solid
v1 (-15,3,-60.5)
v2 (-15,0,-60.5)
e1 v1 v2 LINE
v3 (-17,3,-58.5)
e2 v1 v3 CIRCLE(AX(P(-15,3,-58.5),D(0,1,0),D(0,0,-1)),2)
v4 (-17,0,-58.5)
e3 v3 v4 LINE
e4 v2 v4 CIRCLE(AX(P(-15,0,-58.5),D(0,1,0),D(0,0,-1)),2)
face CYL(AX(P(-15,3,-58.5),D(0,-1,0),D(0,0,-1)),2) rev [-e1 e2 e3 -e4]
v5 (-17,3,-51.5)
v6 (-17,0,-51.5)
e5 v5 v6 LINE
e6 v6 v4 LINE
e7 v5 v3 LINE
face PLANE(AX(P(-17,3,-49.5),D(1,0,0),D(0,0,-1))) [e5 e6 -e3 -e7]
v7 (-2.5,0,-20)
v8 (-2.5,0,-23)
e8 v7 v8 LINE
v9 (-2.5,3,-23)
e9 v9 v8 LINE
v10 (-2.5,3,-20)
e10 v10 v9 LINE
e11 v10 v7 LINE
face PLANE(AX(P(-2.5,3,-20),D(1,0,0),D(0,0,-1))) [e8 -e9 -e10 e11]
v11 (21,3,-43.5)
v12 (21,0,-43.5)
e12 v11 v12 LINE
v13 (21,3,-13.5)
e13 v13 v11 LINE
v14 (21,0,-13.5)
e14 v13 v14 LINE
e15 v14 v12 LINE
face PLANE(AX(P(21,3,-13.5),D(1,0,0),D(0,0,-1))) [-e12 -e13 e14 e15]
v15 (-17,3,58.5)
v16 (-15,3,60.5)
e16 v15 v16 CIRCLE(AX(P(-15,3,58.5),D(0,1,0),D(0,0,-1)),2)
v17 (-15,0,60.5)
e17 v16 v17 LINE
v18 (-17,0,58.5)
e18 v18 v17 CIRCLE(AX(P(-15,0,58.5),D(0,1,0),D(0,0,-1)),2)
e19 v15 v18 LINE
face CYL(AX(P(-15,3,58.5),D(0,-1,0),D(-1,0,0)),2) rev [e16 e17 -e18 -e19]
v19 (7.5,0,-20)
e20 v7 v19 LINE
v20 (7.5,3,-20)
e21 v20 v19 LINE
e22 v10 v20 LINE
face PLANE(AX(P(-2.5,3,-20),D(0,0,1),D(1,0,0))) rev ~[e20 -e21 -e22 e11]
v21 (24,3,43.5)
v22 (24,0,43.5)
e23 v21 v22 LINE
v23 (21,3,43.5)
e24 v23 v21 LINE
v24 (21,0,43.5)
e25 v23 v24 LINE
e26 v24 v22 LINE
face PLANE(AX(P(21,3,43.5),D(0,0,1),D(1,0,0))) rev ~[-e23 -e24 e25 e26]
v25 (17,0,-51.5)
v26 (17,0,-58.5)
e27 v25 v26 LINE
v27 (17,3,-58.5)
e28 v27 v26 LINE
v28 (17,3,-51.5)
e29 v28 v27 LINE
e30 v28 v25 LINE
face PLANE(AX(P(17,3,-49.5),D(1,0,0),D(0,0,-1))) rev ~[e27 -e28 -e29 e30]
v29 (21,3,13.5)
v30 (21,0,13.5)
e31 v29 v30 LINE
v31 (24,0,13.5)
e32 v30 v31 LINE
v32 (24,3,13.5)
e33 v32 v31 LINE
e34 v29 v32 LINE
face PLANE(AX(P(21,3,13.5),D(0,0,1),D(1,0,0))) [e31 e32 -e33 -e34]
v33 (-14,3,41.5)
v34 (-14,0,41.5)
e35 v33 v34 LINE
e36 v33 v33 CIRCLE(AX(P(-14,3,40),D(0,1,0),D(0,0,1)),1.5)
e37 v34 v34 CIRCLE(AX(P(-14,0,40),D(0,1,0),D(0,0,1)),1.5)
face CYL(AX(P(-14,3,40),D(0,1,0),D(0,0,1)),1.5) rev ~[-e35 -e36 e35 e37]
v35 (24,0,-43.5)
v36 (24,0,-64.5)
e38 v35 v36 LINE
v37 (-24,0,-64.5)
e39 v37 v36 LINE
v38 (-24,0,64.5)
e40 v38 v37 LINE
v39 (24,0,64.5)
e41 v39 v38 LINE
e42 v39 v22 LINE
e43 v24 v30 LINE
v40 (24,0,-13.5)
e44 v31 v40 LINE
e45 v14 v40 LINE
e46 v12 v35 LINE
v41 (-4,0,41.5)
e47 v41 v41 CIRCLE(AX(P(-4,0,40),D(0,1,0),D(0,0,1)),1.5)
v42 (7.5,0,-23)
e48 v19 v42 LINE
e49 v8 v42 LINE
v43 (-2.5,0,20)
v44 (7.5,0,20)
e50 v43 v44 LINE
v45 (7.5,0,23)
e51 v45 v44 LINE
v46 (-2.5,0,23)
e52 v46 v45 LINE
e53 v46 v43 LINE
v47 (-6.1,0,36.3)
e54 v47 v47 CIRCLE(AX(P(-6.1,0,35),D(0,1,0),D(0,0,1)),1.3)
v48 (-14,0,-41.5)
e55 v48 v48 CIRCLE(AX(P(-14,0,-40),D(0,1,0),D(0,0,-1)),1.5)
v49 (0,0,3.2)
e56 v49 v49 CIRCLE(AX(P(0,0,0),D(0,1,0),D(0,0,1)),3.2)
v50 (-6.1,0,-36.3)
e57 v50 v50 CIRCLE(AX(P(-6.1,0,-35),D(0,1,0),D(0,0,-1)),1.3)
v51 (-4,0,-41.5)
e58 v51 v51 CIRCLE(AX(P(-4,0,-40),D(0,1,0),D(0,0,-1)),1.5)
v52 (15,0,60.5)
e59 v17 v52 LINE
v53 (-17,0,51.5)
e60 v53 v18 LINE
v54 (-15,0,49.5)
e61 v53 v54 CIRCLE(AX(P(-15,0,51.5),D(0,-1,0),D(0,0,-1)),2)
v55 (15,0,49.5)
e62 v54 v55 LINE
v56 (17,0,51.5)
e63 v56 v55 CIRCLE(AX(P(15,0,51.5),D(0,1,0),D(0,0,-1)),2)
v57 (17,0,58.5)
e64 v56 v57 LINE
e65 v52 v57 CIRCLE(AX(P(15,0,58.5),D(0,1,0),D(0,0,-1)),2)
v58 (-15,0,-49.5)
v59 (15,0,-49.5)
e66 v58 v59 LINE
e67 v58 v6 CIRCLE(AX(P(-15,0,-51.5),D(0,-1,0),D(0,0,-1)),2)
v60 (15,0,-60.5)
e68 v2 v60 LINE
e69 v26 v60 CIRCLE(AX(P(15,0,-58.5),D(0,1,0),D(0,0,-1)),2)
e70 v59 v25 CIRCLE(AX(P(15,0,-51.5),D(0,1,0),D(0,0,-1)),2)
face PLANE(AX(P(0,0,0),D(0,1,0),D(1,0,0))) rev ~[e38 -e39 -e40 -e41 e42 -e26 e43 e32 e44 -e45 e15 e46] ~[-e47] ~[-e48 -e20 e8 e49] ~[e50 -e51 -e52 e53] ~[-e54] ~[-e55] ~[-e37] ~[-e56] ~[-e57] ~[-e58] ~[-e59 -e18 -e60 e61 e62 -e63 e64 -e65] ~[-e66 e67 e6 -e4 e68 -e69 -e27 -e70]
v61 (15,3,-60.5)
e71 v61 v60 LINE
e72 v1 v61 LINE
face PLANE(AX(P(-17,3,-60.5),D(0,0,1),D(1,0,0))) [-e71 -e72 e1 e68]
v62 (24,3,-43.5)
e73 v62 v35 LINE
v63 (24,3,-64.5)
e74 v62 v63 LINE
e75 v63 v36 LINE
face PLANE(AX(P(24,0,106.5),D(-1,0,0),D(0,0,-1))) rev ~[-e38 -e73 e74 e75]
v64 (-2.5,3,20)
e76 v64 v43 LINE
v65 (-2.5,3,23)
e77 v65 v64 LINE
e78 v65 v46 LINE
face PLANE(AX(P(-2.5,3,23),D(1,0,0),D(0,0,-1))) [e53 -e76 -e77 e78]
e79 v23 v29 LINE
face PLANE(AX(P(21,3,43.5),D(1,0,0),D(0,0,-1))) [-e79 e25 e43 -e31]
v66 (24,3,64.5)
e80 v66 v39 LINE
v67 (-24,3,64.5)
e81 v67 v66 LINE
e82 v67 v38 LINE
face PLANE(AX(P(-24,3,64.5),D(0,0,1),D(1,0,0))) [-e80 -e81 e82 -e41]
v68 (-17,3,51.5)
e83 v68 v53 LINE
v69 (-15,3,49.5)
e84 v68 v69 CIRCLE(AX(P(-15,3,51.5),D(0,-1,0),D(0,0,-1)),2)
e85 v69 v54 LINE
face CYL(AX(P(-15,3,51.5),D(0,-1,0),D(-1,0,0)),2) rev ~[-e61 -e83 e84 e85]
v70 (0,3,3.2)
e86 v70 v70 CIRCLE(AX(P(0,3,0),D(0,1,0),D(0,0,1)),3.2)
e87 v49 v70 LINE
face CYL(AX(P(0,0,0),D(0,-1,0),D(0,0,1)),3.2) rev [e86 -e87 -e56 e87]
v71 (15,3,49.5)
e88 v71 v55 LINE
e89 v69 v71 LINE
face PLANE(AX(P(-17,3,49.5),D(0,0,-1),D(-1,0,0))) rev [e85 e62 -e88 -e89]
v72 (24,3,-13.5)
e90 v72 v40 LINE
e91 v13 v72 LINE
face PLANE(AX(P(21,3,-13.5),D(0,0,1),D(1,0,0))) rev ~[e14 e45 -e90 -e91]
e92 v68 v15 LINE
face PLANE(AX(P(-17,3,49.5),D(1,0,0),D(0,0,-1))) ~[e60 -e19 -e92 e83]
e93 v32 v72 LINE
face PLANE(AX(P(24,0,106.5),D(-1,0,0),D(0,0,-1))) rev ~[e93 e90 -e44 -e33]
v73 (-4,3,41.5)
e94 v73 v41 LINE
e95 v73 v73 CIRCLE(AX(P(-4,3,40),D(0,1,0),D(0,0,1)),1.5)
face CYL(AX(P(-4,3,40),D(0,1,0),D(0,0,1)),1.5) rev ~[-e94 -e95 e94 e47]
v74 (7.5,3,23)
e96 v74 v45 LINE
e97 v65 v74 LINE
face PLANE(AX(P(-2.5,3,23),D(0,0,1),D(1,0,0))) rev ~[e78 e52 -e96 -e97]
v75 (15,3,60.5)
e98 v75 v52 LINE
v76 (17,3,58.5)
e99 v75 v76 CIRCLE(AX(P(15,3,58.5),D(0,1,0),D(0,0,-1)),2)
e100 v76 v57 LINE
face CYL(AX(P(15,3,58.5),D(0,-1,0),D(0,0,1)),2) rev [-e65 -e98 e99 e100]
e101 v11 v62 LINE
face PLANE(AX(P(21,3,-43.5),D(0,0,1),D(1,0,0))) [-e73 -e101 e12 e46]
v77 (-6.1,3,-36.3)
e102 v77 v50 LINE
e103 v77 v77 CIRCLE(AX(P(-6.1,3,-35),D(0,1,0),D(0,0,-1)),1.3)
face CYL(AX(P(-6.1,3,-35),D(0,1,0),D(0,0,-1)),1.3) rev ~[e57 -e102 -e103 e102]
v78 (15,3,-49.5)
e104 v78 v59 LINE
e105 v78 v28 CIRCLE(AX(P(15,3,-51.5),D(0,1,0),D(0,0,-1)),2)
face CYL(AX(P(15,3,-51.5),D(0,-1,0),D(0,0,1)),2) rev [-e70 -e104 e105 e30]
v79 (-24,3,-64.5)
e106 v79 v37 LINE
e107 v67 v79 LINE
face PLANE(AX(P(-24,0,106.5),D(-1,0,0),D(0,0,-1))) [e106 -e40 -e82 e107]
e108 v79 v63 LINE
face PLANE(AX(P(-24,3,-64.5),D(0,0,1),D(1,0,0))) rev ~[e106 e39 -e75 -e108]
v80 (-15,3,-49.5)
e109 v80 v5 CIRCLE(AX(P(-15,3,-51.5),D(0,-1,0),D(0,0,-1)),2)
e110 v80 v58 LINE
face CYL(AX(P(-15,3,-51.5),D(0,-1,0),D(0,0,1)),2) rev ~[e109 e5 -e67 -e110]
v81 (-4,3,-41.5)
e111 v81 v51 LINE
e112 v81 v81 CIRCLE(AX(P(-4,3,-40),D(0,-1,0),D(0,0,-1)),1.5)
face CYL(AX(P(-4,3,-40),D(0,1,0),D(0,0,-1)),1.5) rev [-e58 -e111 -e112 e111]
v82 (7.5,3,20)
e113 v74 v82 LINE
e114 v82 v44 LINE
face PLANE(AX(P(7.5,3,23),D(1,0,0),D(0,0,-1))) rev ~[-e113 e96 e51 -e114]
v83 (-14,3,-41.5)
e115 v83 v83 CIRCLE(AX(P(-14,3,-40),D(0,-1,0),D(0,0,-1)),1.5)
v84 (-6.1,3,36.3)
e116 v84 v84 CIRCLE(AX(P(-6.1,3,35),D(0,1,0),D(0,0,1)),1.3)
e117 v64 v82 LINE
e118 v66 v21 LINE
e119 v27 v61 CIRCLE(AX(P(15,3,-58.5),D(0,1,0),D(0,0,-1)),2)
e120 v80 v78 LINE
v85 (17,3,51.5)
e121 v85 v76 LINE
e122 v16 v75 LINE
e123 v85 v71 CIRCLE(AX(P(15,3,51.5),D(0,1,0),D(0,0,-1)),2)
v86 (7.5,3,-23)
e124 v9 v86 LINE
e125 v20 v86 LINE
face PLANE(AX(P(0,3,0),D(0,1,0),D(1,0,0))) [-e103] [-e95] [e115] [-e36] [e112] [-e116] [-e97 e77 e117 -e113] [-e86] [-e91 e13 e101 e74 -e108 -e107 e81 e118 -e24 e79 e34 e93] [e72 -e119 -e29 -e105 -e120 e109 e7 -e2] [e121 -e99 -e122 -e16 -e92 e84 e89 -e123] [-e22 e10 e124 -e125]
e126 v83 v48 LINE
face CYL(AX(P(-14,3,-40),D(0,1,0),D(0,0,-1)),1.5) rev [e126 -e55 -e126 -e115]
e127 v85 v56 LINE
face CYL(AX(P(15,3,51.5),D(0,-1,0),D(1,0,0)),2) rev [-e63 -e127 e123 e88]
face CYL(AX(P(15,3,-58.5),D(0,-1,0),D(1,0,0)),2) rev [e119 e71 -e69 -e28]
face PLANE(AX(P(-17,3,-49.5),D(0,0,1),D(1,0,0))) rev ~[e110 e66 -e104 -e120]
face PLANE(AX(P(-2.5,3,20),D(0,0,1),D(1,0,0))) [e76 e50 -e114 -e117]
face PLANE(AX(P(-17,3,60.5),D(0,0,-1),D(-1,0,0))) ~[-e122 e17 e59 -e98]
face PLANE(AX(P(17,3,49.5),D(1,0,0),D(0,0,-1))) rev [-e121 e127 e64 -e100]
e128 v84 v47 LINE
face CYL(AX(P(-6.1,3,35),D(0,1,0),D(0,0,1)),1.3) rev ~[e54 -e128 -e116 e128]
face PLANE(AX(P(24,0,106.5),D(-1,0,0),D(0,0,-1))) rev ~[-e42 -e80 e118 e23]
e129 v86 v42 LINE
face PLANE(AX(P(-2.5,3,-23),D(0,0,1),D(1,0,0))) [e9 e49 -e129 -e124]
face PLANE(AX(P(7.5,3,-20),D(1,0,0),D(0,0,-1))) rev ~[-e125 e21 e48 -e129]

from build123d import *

# Parameters (mm, degrees)
SKETCH1_W            = 48
SKETCH1_H            = 213
SKETCH1_R            = 3.2
BOSS_EXTRUDE1_DEPTH  = 3
SKETCH2_W            = 3
SKETCH2_H            = 21
SKETCH2_H_2          = 30
CUT_EXTRUDE1_DEPTH   = 110.211949896
SKETCH3_W            = 10
SKETCH3_H            = 3
CUT_EXTRUDE2_DEPTH   = 110.211949896
SKETCH4_R            = 1.3
CUT_EXTRUDE3_DEPTH   = 110.211949896
SKETCH5_W            = 48
SKETCH5_H            = 42
CUT_EXTRUDE4_DEPTH   = 110.211949896
SKETCH6_W            = 34
SKETCH6_H            = 11
CUT_EXTRUDE5_DEPTH   = 69.885775019
FILLET1_R            = 2
FILLET1_OF_MIRROR1_R = 2
SKETCH7_R            = 1.5
CUT_EXTRUDE6_DEPTH   = 69.885775019


with BuildPart() as part:
    # Sketch1 → Boss-Extrude1 (new body)
    with BuildSketch(Plane(origin=(0, 0, 0), x_dir=(1, 0, 0), z_dir=(0, 1, 0))):
        Rectangle(SKETCH1_W, SKETCH1_H)
        with Locations(Location((0, 0, 0), (0, 0, 270))):
            Circle(SKETCH1_R, mode=Mode.SUBTRACT)
    extrude(amount=BOSS_EXTRUDE1_DEPTH)

    # Sketch2 → Cut-Extrude1 (cut, through all)
    with BuildSketch(Plane(origin=(0, 3, 0), x_dir=(1, 0, 0), z_dir=(0, 1, 0))):
        with Locations((22.5, 75)):
            Rectangle(SKETCH2_W, SKETCH2_H)
        with Locations((22.5, 28.5)):
            Rectangle(SKETCH2_W, SKETCH2_H_2)
        with Locations((22.5, -28.5)):
            Rectangle(SKETCH2_W, SKETCH2_H_2)
        with Locations((22.5, -75)):
            Rectangle(SKETCH2_W, SKETCH2_H)
    extrude(amount=-CUT_EXTRUDE1_DEPTH, mode=Mode.SUBTRACT)

    # Sketch3 → Cut-Extrude2 (cut, through all)
    with BuildSketch(Plane(origin=(0, 3, 0), x_dir=(1, 0, 0), z_dir=(0, 1, 0))):
        with Locations((2.5, -21.5)):
            Rectangle(SKETCH3_W, SKETCH3_H)
        with Locations((2.5, 21.5)):
            Rectangle(SKETCH3_W, SKETCH3_H)
    extrude(amount=-CUT_EXTRUDE2_DEPTH, mode=Mode.SUBTRACT)

    # Sketch4 → Cut-Extrude3 (cut, through all)
    with BuildSketch(Plane(origin=(0, 3, 0), x_dir=(1, 0, 0), z_dir=(0, 1, 0))):
        with Locations(Location((-6.1, -35, 0), (0, 0, 270))):
            Circle(SKETCH4_R)
        with Locations(Location((-6.1, 35, 0), (0, 0, 90))):
            Circle(SKETCH4_R)
    extrude(amount=-CUT_EXTRUDE3_DEPTH, mode=Mode.SUBTRACT)

    # Sketch5 → Cut-Extrude4 (cut, through all)
    with BuildSketch(Plane(origin=(0, 3, 0), x_dir=(1, 0, 0), z_dir=(0, 1, 0))):
        with Locations((0, 85.5)):
            Rectangle(SKETCH5_W, SKETCH5_H)
        with Locations((0, -85.5)):
            Rectangle(SKETCH5_W, SKETCH5_H)
    extrude(amount=-CUT_EXTRUDE4_DEPTH, mode=Mode.SUBTRACT)

    # Sketch6 → Cut-Extrude5 (cut, through all)
    with BuildSketch(Plane(origin=(0, 3, 0), x_dir=(1, 0, 0), z_dir=(0, 1, 0))):
        with Locations((0, 55)):
            Rectangle(SKETCH6_W, SKETCH6_H)
    cut_extrude5 = extrude(amount=-CUT_EXTRUDE5_DEPTH, mode=Mode.SUBTRACT)

    # Fillet1
    fillet1_edges = [part.edges().sort_by_distance(p)[0] for p in [
        (-17, 1.5, -49.5),
        (-17, 1.5, -60.5),
        (17, 1.5, -60.5),
        (17, 1.5, -49.5),
    ]]
    fillet(fillet1_edges, radius=FILLET1_R)

    # Mirror1: Cut-Extrude5 across plane
    add(cut_extrude5.mirror(Plane.XY), mode=Mode.SUBTRACT)

    # Fillet1 of Mirror1
    fillet1_of_mirror1_edges = [part.edges().sort_by_distance(p)[0] for p in [
        (-17, 1.5, 49.5),
        (-17, 1.5, 60.5),
        (17, 1.5, 60.5),
        (17, 1.5, 49.5),
    ]]
    fillet(fillet1_of_mirror1_edges, radius=FILLET1_OF_MIRROR1_R)

    # Sketch7 → Cut-Extrude6 (cut, through all)
    with BuildSketch(Plane(origin=(0, 3, 0), x_dir=(1, 0, 0), z_dir=(0, 1, 0))):
        with Locations(Location((-14, -40, 0), (0, 0, 270))):
            Circle(SKETCH7_R)
        with Locations(Location((-4, -40, 0), (0, 0, 270))):
            Circle(SKETCH7_R)
    cut_extrude6 = extrude(amount=-CUT_EXTRUDE6_DEPTH, mode=Mode.SUBTRACT)

    # Mirror2: Cut-Extrude6 across plane
    add(cut_extrude6.mirror(Plane.XY), mode=Mode.SUBTRACT)


solid = part.part
